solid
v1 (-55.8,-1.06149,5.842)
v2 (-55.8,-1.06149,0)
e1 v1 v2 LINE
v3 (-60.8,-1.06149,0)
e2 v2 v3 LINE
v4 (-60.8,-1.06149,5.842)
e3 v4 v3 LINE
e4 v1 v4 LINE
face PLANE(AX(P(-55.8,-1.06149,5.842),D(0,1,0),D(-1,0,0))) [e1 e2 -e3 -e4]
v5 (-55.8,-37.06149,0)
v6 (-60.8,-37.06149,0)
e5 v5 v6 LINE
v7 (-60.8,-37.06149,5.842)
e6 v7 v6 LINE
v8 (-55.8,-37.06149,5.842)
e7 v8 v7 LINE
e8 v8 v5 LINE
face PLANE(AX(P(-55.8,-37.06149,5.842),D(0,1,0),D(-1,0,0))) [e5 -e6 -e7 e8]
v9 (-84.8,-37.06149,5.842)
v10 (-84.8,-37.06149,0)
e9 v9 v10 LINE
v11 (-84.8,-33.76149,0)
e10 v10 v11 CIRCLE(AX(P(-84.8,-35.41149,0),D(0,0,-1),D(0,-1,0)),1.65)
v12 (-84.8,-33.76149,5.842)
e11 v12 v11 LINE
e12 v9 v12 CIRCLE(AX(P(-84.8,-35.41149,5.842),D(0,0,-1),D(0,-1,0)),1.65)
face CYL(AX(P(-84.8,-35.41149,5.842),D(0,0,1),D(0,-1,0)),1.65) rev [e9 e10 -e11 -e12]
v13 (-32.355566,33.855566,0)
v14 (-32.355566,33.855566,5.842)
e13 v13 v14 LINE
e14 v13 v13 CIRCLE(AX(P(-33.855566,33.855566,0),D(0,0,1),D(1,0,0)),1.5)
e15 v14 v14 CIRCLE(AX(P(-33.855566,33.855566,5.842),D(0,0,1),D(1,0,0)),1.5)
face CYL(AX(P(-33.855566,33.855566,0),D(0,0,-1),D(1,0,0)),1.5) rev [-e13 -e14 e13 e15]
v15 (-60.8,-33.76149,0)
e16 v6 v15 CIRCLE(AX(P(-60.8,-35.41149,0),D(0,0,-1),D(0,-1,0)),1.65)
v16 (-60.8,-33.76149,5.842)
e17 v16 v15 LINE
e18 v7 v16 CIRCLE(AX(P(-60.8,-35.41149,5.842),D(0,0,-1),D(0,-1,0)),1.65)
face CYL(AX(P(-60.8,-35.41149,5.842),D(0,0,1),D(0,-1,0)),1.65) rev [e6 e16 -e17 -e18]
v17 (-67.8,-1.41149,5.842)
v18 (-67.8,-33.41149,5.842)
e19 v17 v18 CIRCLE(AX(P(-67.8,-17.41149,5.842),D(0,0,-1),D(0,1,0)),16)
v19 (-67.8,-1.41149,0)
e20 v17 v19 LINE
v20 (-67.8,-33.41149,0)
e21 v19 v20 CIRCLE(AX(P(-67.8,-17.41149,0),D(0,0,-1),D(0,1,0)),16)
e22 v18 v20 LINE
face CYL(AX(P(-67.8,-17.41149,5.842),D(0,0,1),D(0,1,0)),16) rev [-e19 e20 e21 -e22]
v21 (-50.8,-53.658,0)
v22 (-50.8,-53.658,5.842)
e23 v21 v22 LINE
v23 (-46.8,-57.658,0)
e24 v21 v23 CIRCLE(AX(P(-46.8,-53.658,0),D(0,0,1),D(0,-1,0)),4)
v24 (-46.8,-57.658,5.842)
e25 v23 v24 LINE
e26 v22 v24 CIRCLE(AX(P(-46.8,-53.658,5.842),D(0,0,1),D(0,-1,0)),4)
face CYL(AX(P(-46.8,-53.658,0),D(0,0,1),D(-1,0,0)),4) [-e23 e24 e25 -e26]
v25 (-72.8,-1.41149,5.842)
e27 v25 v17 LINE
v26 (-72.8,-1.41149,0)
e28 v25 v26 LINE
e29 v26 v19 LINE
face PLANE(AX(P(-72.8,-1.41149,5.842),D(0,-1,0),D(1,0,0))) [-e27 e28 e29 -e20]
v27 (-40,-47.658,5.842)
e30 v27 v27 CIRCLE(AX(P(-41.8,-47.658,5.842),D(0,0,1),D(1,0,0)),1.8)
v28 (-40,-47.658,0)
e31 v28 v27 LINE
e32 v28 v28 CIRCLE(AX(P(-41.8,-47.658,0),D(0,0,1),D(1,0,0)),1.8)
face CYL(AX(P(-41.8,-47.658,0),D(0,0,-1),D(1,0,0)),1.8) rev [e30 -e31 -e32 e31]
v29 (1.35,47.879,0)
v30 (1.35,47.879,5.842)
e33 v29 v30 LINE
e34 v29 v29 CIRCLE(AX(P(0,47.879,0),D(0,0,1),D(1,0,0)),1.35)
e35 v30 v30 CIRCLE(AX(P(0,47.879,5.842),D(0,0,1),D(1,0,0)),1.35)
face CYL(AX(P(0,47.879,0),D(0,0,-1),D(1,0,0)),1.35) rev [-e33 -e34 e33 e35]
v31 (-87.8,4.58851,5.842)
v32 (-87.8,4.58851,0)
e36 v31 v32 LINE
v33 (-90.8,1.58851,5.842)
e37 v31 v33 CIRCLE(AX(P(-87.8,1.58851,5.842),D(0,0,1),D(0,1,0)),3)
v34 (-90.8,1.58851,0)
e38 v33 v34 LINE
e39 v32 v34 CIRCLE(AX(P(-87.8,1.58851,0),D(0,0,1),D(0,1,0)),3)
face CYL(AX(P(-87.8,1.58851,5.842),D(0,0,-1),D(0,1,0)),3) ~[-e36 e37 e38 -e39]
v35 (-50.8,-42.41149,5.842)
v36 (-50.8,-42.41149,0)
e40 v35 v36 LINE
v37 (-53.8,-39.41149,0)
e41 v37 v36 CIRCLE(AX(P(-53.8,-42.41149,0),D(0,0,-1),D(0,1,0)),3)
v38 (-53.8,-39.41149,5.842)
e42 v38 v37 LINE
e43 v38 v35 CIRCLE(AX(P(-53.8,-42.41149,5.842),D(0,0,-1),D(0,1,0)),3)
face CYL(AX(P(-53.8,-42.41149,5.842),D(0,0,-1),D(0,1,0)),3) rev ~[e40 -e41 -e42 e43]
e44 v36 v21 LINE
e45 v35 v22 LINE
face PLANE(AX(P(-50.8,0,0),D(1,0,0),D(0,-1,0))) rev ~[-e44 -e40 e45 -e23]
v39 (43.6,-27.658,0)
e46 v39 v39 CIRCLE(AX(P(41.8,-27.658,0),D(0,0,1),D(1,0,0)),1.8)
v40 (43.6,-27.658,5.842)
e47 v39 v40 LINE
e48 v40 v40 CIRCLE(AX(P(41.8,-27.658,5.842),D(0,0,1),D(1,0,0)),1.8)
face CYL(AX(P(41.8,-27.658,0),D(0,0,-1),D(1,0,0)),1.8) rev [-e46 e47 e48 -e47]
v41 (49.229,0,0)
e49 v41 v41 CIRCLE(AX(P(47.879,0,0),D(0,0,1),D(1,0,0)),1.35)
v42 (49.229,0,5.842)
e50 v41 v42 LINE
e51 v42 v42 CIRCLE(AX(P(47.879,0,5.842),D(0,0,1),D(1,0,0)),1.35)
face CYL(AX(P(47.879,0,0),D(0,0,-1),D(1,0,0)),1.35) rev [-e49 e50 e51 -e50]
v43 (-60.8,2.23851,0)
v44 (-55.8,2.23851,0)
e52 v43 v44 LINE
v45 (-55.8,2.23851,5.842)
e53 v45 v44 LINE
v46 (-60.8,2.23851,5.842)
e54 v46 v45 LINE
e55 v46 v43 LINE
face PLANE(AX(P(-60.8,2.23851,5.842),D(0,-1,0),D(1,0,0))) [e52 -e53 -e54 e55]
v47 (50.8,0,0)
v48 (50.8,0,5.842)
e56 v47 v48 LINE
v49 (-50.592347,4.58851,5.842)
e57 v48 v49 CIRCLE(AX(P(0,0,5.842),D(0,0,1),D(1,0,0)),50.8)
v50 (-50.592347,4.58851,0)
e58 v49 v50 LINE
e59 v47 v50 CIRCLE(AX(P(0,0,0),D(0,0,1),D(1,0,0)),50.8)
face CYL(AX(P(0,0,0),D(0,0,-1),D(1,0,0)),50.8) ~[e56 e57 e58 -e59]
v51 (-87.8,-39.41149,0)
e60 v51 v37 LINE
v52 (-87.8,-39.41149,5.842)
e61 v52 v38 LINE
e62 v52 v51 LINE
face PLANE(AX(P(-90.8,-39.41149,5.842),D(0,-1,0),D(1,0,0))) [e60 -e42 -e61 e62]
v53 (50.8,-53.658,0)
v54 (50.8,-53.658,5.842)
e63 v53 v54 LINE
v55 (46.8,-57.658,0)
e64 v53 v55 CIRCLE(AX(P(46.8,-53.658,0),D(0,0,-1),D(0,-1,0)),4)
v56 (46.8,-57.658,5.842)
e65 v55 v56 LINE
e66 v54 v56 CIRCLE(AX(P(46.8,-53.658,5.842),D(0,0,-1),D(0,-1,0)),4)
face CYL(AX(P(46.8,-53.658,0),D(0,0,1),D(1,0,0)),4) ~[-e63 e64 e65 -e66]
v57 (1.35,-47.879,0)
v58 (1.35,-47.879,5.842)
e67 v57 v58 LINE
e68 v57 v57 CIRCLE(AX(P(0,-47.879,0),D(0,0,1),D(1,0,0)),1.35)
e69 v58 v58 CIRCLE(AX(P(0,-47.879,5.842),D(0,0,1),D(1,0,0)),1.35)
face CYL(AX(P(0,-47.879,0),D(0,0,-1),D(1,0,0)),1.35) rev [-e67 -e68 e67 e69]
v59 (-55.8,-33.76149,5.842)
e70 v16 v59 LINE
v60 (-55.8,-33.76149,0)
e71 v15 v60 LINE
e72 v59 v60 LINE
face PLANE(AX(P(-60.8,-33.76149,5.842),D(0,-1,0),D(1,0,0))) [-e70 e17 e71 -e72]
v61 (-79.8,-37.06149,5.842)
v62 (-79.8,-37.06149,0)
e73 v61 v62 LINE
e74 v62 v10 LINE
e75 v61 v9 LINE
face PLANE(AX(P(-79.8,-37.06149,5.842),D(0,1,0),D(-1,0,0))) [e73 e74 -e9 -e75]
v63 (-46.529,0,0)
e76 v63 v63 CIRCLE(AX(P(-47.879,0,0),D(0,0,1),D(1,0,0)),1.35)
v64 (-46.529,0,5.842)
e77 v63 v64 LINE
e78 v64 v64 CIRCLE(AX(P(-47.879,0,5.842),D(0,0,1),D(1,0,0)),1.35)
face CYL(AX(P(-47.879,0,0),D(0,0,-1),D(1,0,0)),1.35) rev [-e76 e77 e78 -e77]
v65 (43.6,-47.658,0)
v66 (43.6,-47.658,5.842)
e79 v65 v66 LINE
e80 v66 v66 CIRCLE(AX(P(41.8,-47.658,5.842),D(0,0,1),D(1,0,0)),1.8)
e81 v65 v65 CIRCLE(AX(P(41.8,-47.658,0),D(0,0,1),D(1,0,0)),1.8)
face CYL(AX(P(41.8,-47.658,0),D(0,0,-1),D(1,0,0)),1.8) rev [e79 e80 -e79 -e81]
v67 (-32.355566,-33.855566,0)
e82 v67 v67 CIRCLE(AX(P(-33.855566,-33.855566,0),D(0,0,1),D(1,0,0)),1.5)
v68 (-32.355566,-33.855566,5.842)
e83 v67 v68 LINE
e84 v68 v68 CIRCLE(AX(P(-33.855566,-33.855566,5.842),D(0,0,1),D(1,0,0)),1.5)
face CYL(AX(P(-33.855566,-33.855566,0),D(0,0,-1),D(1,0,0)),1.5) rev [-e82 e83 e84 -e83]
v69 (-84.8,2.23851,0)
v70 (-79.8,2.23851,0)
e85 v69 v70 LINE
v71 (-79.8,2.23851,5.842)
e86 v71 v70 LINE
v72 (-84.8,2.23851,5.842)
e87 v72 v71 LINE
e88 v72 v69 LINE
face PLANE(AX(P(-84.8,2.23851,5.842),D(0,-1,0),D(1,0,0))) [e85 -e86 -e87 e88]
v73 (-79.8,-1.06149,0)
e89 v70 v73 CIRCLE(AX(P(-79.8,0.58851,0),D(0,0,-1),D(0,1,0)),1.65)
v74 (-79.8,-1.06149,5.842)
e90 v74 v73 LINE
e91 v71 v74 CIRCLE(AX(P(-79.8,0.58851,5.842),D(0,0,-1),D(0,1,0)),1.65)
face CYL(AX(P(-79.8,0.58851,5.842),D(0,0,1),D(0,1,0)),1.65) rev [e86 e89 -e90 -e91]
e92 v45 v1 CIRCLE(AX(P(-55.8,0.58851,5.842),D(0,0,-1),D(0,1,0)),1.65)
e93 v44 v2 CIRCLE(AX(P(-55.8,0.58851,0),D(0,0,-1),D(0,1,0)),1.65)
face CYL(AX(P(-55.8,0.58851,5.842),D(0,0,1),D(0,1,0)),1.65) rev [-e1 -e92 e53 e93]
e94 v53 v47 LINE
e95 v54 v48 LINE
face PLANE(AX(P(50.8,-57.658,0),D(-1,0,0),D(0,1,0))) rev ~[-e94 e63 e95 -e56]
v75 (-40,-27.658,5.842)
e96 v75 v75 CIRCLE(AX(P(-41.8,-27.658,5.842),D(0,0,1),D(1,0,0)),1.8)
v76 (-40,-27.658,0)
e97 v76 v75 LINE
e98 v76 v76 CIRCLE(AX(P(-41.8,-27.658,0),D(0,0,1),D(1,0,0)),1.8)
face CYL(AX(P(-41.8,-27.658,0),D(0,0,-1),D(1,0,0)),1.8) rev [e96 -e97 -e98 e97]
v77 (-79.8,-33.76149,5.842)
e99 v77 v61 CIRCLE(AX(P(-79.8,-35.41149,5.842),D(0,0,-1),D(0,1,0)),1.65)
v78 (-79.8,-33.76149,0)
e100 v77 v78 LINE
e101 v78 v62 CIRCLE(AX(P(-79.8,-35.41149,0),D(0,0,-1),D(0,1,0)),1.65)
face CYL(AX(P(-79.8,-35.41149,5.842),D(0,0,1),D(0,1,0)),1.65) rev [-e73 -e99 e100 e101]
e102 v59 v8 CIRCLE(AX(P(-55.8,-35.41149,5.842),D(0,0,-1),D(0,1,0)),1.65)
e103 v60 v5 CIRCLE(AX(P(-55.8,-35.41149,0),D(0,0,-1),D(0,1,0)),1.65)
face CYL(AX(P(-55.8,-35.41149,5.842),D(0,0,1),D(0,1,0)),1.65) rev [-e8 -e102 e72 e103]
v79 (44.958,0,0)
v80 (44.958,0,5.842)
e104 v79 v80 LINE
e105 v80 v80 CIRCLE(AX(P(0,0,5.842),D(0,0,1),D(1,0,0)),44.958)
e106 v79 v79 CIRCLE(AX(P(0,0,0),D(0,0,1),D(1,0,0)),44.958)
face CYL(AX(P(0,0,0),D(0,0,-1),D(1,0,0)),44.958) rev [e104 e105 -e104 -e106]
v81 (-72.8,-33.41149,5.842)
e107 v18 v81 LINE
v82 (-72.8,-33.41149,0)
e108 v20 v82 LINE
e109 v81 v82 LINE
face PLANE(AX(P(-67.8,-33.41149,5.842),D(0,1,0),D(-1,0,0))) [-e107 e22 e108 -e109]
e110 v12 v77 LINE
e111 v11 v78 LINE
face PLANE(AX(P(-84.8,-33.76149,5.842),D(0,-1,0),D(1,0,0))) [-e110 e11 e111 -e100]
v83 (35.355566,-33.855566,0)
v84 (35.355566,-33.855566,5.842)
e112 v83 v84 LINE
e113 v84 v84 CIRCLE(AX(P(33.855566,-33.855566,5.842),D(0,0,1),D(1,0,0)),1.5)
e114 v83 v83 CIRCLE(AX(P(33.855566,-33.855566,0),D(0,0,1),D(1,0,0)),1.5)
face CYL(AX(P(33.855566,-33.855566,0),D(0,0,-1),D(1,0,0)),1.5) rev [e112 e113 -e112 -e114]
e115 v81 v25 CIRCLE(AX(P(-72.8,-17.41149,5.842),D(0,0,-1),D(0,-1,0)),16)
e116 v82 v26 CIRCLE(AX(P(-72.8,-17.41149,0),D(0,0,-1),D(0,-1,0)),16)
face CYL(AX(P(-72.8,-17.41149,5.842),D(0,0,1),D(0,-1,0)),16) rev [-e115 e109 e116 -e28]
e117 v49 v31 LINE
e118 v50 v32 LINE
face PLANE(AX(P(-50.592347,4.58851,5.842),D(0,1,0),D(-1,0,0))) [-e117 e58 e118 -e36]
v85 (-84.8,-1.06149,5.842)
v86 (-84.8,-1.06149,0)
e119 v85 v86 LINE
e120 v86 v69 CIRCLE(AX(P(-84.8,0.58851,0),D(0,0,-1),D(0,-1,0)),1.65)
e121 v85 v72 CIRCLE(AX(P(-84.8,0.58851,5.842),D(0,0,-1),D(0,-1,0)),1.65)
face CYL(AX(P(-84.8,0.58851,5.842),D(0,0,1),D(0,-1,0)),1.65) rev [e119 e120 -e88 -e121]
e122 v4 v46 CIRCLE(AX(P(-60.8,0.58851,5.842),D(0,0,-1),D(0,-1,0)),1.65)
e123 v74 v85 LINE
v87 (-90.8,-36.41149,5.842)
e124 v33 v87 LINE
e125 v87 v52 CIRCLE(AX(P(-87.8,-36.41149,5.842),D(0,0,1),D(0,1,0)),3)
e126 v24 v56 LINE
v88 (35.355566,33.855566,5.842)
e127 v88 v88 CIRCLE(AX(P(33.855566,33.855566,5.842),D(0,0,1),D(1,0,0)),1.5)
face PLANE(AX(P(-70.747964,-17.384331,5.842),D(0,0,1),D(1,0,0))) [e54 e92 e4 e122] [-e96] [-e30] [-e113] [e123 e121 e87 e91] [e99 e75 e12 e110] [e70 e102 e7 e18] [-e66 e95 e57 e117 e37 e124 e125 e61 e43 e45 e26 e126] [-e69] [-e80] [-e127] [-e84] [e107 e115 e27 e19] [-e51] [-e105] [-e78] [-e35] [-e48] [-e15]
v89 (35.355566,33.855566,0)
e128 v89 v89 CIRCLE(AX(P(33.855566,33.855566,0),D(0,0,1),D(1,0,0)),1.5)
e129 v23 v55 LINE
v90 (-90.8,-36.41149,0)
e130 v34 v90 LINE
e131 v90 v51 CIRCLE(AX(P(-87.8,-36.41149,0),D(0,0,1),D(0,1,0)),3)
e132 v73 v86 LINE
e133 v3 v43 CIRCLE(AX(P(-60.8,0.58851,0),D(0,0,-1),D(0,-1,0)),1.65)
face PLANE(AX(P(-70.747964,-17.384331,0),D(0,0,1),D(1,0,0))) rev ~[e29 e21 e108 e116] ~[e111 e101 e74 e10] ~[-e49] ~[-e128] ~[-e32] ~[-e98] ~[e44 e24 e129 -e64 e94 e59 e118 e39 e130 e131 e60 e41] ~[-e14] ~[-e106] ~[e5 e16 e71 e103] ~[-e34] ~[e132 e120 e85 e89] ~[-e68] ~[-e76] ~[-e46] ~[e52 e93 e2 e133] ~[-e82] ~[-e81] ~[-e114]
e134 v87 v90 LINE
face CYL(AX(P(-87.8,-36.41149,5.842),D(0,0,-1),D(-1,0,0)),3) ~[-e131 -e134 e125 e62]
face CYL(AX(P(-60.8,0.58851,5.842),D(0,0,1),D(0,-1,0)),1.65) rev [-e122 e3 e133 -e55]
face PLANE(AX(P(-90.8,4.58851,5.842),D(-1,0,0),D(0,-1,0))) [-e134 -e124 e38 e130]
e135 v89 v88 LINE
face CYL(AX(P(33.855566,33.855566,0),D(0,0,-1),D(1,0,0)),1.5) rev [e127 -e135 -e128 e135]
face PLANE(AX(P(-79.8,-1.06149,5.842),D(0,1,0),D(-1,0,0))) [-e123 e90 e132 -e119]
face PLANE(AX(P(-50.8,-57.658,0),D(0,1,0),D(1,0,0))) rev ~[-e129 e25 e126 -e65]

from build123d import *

# Parameters (mm, degrees)
SKETCH1_R           = 1.8
SKETCH1_R_2         = 1.5
SKETCH1_R_3         = 1.35
SKETCH1_R_4         = 44.958
BOSS_EXTRUDE1_DEPTH = 5.842
FILLET1_R           = 4
BOSS_EXTRUDE2_DEPTH = 5.842
FILLET2_R           = 3


with BuildPart() as part:
    # Sketch1 → Boss-Extrude1 (new body)
    # profile 1 of 2: a face of its own
    with BuildSketch(Plane.XY):
        with BuildLine():
            ThreePointArc((50.8, 0), (0, 50.8), (-50.8, 0))
            Line((-50.8, 0), (-50.8, -57.658))
            Line((-50.8, -57.658), (0, -57.658))
            Line((0, -57.658), (50.8, -57.658))
            Line((50.8, -57.658), (50.8, 0))
        make_face()
        with Locations((-41.8, -47.658)):
            Circle(SKETCH1_R, mode=Mode.SUBTRACT)
        with Locations((-33.855565576, -33.855565576)):
            Circle(SKETCH1_R_2, mode=Mode.SUBTRACT)
        with Locations((-41.8, -27.658)):
            Circle(SKETCH1_R, mode=Mode.SUBTRACT)
        with Locations((0, -47.879)):
            Circle(SKETCH1_R_3, mode=Mode.SUBTRACT)
        with Locations((41.8, -47.658)):
            Circle(SKETCH1_R, mode=Mode.SUBTRACT)
        with Locations((33.855565576, -33.855565576)):
            Circle(SKETCH1_R_2, mode=Mode.SUBTRACT)
        with Locations((41.8, -27.658)):
            Circle(SKETCH1_R, mode=Mode.SUBTRACT)
        with Locations((-47.879, 0)):
            Circle(SKETCH1_R_3, mode=Mode.SUBTRACT)
        Circle(SKETCH1_R_4, mode=Mode.SUBTRACT)
        with Locations((-33.855565576, 33.855565576)):
            Circle(SKETCH1_R_2, mode=Mode.SUBTRACT)
        with Locations((0, 47.879)):
            Circle(SKETCH1_R_3, mode=Mode.SUBTRACT)
        with Locations((47.879, 0)):
            Circle(SKETCH1_R_3, mode=Mode.SUBTRACT)
        with Locations((33.855565576, 33.855565576)):
            Circle(SKETCH1_R_2, mode=Mode.SUBTRACT)
    # profile 2 of 2: a face of its own
    with BuildSketch(Plane.XY):
        with BuildLine():
            ThreePointArc((50.8, 0), (0, 50.8), (-50.8, 0))
            Line((-50.8, 0), (-50.8, -57.658))
            Line((-50.8, -57.658), (0, -57.658))
            Line((0, -57.658), (50.8, -57.658))
            Line((50.8, -57.658), (50.8, 0))
        make_face()
        with Locations((-41.8, -47.658)):
            Circle(SKETCH1_R, mode=Mode.SUBTRACT)
        with Locations((-33.855565576, -33.855565576)):
            Circle(SKETCH1_R_2, mode=Mode.SUBTRACT)
        with Locations((-41.8, -27.658)):
            Circle(SKETCH1_R, mode=Mode.SUBTRACT)
        with Locations((0, -47.879)):
            Circle(SKETCH1_R_3, mode=Mode.SUBTRACT)
        with Locations((41.8, -47.658)):
            Circle(SKETCH1_R, mode=Mode.SUBTRACT)
        with Locations((33.855565576, -33.855565576)):
            Circle(SKETCH1_R_2, mode=Mode.SUBTRACT)
        with Locations((41.8, -27.658)):
            Circle(SKETCH1_R, mode=Mode.SUBTRACT)
        with Locations((-47.879, 0)):
            Circle(SKETCH1_R_3, mode=Mode.SUBTRACT)
        Circle(SKETCH1_R_4, mode=Mode.SUBTRACT)
        with Locations((-33.855565576, 33.855565576)):
            Circle(SKETCH1_R_2, mode=Mode.SUBTRACT)
        with Locations((0, 47.879)):
            Circle(SKETCH1_R_3, mode=Mode.SUBTRACT)
        with Locations((47.879, 0)):
            Circle(SKETCH1_R_3, mode=Mode.SUBTRACT)
        with Locations((33.855565576, 33.855565576)):
            Circle(SKETCH1_R_2, mode=Mode.SUBTRACT)
    extrude(amount=BOSS_EXTRUDE1_DEPTH)

    # Fillet1
    fillet1_edges = [part.edges().sort_by_distance(p)[0] for p in [
        (50.8, -57.658, 2.921),
        (-50.8, -57.658, 2.921),
    ]]
    fillet(fillet1_edges, radius=FILLET1_R)

    # Sketch2 → Boss-Extrude2 (add, through all)
    with BuildSketch(Plane.XY.offset(5.842)):
        Polygon((-50.592347052, 4.588509541), (-90.8, 4.588509541), (-90.8, -39.411490459), (-50.8, -39.411490459), align=None)
        with BuildLine():
            Line((-67.8, -33.411490459), (-72.8, -33.411490459))
            ThreePointArc((-72.8, -33.411490459), (-88.8, -17.411490459), (-72.8, -1.411490459))
            Line((-72.8, -1.411490459), (-67.8, -1.411490459))
            ThreePointArc((-67.8, -1.411490459), (-51.8, -17.411490459), (-67.8, -33.411490459))
        make_face(mode=Mode.SUBTRACT)
        with BuildLine():
            Line((-79.8, -1.061490459), (-84.8, -1.061490459))
            ThreePointArc((-84.8, -1.061490459), (-86.45, 0.588509541), (-84.8, 2.238509541))
            Line((-84.8, 2.238509541), (-79.8, 2.238509541))
            ThreePointArc((-79.8, 2.238509541), (-78.15, 0.588509541), (-79.8, -1.061490459))
        make_face(mode=Mode.SUBTRACT)
        with BuildLine():
            Line((-55.8, -1.061490459), (-60.8, -1.061490459))
            ThreePointArc((-60.8, -1.061490459), (-62.45, 0.588509541), (-60.8, 2.238509541))
            Line((-60.8, 2.238509541), (-55.8, 2.238509541))
            ThreePointArc((-55.8, 2.238509541), (-54.15, 0.588509541), (-55.8, -1.061490459))
        make_face(mode=Mode.SUBTRACT)
        with BuildLine():
            Line((-79.8, -37.061490459), (-84.8, -37.061490459))
            ThreePointArc((-84.8, -37.061490459), (-86.45, -35.411490459), (-84.8, -33.761490459))
            Line((-84.8, -33.761490459), (-79.8, -33.761490459))
            ThreePointArc((-79.8, -33.761490459), (-78.15, -35.411490459), (-79.8, -37.061490459))
        make_face(mode=Mode.SUBTRACT)
        with BuildLine():
            Line((-55.8, -37.061490459), (-60.8, -37.061490459))
            ThreePointArc((-60.8, -37.061490459), (-62.45, -35.411490459), (-60.8, -33.761490459))
            Line((-60.8, -33.761490459), (-55.8, -33.761490459))
            ThreePointArc((-55.8, -33.761490459), (-54.15, -35.411490459), (-55.8, -37.061490459))
        make_face(mode=Mode.SUBTRACT)
    extrude(amount=-BOSS_EXTRUDE2_DEPTH)

    # Fillet2
    fillet2_edges = [part.edges().sort_by_distance(p)[0] for p in [
        (-50.8, -39.411490459, 2.921),
        (-90.8, -39.411490459, 2.921),
        (-90.8, 4.588509541, 2.921),
    ]]
    fillet(fillet2_edges, radius=FILLET2_R)


solid = part.part
